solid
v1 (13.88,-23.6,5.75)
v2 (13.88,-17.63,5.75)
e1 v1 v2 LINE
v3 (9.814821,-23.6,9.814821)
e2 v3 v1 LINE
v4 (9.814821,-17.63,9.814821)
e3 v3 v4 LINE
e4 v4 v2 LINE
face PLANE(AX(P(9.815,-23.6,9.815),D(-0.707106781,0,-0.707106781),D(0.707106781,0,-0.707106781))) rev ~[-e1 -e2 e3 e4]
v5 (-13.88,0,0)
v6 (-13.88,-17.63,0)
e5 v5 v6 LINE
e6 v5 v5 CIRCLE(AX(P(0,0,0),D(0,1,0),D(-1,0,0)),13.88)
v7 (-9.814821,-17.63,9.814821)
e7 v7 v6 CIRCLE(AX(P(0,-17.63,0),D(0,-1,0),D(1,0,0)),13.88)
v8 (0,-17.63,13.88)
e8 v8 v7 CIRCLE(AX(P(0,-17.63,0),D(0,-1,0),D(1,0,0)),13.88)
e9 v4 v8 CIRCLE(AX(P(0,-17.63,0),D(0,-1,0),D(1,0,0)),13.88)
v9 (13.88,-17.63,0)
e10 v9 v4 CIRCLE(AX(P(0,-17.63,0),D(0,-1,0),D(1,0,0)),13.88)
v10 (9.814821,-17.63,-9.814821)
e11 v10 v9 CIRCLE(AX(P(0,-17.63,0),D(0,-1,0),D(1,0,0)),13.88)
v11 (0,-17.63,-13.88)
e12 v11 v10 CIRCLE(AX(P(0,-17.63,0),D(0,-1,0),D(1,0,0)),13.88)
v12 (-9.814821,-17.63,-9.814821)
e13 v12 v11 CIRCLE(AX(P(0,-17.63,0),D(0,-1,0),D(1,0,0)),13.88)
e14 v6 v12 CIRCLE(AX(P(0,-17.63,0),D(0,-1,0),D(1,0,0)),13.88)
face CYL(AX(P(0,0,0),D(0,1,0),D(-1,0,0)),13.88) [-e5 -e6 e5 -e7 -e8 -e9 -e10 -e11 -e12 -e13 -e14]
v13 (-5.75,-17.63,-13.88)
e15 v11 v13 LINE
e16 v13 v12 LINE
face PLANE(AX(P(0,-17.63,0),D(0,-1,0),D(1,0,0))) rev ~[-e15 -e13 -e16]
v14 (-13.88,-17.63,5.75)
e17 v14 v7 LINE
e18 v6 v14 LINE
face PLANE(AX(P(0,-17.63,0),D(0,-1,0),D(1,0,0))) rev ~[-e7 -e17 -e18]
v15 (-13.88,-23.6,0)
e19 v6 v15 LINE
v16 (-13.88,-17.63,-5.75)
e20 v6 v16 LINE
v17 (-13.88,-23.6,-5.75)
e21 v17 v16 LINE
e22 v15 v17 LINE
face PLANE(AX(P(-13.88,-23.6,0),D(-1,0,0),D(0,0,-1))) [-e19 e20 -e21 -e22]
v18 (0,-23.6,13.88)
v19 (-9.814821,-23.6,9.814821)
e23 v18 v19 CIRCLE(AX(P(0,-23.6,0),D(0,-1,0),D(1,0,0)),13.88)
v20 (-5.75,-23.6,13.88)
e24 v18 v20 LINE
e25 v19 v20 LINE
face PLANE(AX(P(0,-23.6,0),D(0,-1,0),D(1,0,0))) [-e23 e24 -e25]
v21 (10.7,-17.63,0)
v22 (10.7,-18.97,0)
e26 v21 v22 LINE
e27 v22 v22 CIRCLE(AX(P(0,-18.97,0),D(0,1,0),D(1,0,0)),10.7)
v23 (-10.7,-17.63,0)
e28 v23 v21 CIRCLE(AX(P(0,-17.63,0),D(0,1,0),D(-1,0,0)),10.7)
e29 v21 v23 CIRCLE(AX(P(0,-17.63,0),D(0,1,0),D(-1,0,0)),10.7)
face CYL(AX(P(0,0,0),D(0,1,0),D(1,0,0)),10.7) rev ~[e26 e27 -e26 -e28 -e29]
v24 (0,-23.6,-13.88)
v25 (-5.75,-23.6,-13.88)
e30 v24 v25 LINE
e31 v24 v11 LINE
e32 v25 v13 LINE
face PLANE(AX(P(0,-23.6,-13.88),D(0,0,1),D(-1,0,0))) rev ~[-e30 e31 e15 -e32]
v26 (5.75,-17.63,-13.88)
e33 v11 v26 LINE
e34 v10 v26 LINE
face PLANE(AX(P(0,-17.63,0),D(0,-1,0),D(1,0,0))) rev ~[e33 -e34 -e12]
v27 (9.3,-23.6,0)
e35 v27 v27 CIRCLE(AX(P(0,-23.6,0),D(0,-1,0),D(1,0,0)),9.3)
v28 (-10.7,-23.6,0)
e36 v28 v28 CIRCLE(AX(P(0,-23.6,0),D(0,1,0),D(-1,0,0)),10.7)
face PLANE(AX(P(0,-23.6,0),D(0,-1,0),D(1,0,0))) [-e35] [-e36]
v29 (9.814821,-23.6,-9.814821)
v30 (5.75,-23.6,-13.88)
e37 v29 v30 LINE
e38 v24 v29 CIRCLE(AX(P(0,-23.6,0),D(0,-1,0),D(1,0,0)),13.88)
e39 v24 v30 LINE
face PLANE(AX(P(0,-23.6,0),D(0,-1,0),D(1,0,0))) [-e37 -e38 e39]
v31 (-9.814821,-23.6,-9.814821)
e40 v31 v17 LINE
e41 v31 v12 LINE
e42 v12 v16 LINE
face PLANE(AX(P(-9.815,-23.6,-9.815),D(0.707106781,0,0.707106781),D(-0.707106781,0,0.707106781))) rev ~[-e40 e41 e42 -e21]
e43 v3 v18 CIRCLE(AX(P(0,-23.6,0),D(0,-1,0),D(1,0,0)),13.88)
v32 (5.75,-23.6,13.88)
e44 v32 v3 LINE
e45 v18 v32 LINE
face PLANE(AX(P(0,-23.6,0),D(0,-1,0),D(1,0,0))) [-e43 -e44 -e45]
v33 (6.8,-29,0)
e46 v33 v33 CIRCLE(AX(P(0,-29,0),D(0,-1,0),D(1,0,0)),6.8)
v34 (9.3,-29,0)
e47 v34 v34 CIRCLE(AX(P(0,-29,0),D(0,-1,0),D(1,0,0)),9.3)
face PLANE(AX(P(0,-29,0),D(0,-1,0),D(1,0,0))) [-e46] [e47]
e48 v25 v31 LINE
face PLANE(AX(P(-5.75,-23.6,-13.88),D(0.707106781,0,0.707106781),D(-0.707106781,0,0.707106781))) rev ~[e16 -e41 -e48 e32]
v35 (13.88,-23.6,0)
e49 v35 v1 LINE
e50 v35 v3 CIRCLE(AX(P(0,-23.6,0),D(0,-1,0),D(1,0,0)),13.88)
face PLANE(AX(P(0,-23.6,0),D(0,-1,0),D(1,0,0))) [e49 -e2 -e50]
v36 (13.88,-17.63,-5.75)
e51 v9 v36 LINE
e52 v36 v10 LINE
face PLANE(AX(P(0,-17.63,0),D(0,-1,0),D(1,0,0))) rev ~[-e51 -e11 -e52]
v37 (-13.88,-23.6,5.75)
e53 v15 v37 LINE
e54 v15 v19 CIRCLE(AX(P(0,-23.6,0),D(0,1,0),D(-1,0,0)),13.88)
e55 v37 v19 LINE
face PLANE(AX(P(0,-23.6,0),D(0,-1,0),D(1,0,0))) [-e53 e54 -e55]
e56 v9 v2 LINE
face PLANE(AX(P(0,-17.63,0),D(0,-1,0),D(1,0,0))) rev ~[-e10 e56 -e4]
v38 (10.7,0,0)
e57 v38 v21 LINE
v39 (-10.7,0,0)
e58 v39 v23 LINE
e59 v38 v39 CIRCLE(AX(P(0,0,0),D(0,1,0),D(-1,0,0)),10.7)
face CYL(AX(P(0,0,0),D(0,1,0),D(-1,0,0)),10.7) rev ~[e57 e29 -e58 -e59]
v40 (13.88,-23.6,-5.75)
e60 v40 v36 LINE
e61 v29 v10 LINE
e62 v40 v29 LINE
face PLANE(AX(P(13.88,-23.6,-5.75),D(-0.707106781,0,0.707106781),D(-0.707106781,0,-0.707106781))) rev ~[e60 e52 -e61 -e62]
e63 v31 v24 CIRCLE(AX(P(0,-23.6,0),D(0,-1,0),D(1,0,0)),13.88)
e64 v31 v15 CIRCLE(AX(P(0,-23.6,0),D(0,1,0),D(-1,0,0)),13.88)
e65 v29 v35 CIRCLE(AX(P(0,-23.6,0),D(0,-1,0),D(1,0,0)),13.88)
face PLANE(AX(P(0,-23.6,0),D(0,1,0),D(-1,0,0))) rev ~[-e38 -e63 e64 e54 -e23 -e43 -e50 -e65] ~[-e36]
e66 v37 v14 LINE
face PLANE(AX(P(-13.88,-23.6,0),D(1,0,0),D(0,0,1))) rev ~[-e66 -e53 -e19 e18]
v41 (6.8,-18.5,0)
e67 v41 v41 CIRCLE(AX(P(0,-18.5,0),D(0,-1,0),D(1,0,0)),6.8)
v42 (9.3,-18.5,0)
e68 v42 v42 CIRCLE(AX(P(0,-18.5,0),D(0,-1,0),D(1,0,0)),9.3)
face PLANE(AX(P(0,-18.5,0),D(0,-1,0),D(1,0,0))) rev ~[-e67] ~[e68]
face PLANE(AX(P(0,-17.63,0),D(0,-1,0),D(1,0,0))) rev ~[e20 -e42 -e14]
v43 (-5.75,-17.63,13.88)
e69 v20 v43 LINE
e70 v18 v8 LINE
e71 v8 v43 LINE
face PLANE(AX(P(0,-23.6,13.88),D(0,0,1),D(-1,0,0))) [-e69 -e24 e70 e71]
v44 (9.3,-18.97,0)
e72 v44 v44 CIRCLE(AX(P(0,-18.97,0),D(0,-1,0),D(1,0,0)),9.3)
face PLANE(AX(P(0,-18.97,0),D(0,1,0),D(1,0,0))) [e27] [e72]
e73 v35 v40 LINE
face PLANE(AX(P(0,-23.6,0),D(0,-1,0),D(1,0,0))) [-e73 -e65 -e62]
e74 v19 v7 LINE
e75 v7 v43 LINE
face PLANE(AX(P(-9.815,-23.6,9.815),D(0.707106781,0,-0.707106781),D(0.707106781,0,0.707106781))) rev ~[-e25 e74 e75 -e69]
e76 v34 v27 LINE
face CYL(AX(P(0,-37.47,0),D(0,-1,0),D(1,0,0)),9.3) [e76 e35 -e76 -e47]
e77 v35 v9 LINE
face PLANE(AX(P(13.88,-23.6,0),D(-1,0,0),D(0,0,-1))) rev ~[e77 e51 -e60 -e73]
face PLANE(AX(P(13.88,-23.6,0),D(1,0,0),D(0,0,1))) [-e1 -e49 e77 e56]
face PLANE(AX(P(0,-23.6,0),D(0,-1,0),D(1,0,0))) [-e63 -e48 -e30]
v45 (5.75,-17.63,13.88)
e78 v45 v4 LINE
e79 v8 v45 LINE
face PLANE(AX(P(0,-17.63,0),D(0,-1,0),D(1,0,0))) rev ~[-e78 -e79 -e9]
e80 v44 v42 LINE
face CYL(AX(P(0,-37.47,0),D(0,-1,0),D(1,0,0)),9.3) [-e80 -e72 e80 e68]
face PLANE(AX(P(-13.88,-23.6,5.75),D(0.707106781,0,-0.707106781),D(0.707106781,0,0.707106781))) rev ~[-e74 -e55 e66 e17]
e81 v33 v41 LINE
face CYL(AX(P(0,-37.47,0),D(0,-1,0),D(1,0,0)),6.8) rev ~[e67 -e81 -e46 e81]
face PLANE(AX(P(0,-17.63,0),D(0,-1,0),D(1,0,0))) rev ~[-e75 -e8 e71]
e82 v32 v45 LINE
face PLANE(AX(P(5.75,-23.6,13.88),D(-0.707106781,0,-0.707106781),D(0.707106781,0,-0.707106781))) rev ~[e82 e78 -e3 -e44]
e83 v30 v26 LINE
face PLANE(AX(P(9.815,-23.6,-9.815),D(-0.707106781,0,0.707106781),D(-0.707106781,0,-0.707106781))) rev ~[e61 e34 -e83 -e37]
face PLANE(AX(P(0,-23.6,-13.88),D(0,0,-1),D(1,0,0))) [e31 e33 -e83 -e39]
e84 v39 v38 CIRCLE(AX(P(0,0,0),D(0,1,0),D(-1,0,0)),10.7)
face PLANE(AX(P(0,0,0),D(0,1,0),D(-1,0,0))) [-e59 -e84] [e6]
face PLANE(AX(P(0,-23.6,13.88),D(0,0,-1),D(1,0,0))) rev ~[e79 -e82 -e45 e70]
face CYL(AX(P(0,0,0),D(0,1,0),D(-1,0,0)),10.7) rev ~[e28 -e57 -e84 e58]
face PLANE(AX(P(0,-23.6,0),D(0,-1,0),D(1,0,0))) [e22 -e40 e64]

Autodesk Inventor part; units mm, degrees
ref_plane "YZ Plane" through (0, 0, 0) normal (1, 0, 0) x (0, 1, 0)
ref_plane "XZ Plane" through (0, 0, 0) normal (0, 1, 0) x (-1, 0, 0)
sketch "Boceto1" plane through (0, 0, 0) normal (0, 1, 0) x (-1, 0, 0)
  circle A0 centre (0, 0) radius 10.7
  circle A1 centre (0, 0) radius 13.88
  dimension "d0" = 21.4
  dimension "d1" = 27.76
extrude "Extrusión1" add sketch "Boceto1" against normal blind 23.6
sketch "Boceto2" plane through (0, -23.6, 0) normal (0, -1, 0) x (1, 0, 0)
  circle A0 centre (0, 0) radius 13.88 projected
  line L0 (0, -13.88) -> (-5.75, -13.88)
  line L1 (0, -13.88) -> (5.75, -13.88)
  line L2 (13.88, 0) -> (13.88, -5.75)
  line L3 (13.88, 0) -> (13.88, 5.75)
  line L4 (0, 13.88) -> (5.75, 13.88)
  line L5 (0, 13.88) -> (-5.75, 13.88)
  line L6 (-13.88, 0) -> (-13.88, -5.75)
  line L7 (-13.88, 0) -> (-13.88, 5.75)
  line L8 (-13.88, 5.75) -> (-5.75, 13.88)
  line L9 (5.75, 13.88) -> (13.88, 5.75)
  line L10 (13.88, -5.75) -> (5.75, -13.88)
  line L11 (-5.75, -13.88) -> (-13.88, -5.75)
  dimension "d5" = 5.75
  dimension "d6" = 5.75
  dimension "d7" = 5.75
  dimension "d8" = 5.75
  dimension "d9" = 5.75
  dimension "d10" = 5.75
  dimension "d11" = 5.75
  dimension "d12" = 5.75
extrude "Extrusión2" add sketch "Boceto2" against normal blind 5.97
ref_plane "Plano de trabajo2" through (0, -18.5, 0) normal (0, 1, 0) x (1, 0, 0)
sketch "Boceto4" plane through (0, -18.5, 0) normal (0, 1, 0) x (1, 0, 0)
  circle A0 centre (0, 0) radius 6.8
  dimension "d18" = 13.6
extrude "Extrusión4" add sketch "Boceto4" against normal blind 18.97
sketch "Boceto5" plane through (0, 0, 0) normal (0, 1, 0) x (1, 0, 0)
  circle A0 centre (0, 0) radius 10.7
extrude "Extrusión5" cut sketch "Boceto5" against normal blind 18.97
sketch "Boceto6" plane through (0, -37.47, 0) normal (0, -1, 0) x (1, 0, 0)
  circle A0 centre (0, 0) radius 6.7
  circle A1 centre (0, 0) radius 9.3
  dimension "d25" = 13.4
  dimension "d26" = 18.6
extrude "Extrusión6" add sketch "Boceto6" against normal blind 18.97
sketch "Boceto7" plane through (0, -37.47, 0) normal (0, -1, 0) x (1, 0, 0)
  circle A0 centre (0, 0) radius 6.8
  dimension "d29" = 13.6
extrude "Extrusión7" cut sketch "Boceto7" against normal blind 18.97
thread "Rosca2" size "M20x2.5" class "6g" standard "ANSI Metric M Profile" full length
sketch "Boceto9" plane through (0, -37.47, 0) normal (0, -1, 0) x (1, 0, 0)
  circle A0 centre (0, 0) radius 9.3
extrude "Extrusión8" cut sketch "Boceto9" against normal blind 8.47
properties part number "Acople con rosca" material "PVC, no plastificado"
